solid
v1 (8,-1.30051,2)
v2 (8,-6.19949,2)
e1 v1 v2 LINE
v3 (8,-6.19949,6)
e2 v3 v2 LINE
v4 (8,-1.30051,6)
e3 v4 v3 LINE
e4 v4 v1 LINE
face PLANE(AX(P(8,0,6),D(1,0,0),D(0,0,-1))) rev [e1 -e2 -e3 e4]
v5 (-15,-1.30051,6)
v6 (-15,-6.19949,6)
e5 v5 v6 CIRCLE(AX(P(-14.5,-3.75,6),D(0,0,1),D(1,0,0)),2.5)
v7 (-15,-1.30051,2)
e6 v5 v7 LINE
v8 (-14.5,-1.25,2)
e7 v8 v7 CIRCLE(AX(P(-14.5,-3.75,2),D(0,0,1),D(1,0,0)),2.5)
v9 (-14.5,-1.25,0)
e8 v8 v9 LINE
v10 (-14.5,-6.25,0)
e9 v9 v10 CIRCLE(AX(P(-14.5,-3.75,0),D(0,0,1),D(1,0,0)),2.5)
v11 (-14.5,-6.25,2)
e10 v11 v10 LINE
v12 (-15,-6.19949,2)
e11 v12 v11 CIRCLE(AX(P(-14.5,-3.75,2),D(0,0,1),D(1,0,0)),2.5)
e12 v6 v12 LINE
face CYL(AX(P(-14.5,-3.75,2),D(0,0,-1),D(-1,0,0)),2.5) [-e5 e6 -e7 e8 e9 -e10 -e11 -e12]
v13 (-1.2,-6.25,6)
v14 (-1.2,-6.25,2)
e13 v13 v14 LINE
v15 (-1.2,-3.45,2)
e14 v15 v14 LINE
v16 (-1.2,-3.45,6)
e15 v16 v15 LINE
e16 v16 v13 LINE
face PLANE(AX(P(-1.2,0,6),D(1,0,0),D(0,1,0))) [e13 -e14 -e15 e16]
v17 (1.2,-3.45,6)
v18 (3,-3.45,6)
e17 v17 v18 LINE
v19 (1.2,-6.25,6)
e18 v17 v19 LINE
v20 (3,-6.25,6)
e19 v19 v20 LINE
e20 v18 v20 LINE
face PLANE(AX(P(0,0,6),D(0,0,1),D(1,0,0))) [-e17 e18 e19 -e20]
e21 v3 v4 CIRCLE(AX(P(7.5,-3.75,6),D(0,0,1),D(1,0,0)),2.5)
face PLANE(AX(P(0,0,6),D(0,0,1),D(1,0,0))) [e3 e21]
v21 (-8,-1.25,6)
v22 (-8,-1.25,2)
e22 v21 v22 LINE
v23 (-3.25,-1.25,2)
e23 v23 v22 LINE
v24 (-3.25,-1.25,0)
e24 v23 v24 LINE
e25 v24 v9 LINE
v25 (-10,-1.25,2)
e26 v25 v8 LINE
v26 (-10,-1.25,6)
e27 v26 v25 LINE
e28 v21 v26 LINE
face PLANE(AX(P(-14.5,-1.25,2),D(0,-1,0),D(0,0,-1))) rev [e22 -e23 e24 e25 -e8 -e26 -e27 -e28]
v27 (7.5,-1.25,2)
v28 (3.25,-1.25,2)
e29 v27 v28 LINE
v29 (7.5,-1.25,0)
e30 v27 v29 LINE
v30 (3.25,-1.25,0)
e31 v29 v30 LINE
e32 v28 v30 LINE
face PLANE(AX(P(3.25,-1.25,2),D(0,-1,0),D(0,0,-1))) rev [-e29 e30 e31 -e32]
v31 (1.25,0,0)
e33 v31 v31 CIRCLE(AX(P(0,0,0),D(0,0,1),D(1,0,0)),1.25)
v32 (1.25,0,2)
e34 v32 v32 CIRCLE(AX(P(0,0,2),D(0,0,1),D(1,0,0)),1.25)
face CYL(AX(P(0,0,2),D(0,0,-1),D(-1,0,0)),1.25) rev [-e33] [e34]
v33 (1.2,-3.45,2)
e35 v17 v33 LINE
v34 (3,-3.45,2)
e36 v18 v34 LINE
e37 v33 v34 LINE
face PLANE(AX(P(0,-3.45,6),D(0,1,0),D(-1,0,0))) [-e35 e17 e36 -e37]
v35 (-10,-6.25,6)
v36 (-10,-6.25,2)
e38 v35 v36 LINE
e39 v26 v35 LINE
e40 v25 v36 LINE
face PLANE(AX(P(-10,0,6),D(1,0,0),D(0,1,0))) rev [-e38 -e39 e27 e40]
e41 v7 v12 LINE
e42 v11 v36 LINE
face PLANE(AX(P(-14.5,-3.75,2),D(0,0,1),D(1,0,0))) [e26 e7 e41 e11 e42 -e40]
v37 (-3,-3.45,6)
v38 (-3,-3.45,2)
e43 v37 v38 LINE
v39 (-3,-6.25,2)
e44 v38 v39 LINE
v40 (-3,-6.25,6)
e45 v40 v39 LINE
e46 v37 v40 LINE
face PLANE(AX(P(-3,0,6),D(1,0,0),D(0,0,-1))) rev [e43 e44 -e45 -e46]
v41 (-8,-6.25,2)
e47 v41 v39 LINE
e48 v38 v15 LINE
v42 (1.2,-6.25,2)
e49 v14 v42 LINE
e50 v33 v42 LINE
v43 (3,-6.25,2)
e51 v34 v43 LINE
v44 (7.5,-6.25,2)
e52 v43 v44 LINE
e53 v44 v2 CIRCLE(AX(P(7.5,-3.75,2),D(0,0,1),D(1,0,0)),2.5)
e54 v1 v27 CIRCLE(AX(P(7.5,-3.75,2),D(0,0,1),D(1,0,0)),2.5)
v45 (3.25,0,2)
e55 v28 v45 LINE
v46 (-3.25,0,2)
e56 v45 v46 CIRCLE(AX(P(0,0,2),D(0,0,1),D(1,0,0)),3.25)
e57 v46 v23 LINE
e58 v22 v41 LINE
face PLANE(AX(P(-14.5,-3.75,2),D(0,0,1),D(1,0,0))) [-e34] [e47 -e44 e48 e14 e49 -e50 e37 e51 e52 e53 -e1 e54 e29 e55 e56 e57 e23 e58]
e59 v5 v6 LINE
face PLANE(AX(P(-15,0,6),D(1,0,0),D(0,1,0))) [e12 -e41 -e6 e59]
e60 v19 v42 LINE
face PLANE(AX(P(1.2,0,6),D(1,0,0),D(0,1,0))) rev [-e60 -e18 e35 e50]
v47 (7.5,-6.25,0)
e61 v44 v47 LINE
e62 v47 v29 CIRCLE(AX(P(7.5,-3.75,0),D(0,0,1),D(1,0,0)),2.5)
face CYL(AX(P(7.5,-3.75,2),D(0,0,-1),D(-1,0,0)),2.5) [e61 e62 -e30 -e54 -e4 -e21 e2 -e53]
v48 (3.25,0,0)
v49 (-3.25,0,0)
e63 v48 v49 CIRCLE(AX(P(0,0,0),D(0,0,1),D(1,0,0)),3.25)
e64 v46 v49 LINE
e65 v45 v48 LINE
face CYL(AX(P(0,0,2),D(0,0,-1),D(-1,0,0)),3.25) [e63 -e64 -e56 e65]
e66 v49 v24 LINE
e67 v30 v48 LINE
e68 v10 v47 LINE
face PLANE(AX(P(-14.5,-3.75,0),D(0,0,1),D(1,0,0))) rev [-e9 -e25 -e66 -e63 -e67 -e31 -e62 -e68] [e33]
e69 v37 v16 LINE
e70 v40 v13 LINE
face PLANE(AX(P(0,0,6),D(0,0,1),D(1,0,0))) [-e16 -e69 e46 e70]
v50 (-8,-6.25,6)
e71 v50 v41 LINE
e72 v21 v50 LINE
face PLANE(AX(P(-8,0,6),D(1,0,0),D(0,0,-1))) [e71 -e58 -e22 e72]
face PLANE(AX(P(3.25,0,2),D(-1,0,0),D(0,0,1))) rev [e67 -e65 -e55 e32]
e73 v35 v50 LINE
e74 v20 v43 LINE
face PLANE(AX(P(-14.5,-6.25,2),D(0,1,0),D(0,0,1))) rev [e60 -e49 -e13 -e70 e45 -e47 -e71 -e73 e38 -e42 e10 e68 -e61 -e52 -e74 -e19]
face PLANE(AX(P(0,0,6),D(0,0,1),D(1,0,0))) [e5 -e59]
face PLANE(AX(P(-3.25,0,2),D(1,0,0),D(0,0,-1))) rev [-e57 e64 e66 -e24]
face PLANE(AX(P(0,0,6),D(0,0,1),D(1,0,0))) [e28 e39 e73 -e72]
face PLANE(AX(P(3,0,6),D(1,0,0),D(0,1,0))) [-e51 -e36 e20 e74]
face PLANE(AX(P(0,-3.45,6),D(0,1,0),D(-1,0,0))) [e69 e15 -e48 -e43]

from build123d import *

# Parameters (mm, degrees)
SKETCH1_R           = 1.25
BOSS_EXTRUDE1_DEPTH = 2
SKETCH2_W           = 1.8
SKETCH2_H           = 2.8
SKETCH2_W_2         = 2
SKETCH2_H_2         = 5
BOSS_EXTRUDE2_DEPTH = 4


with BuildPart() as part:
    # Sketch1 → Boss-Extrude1 (new body)
    with BuildSketch(Plane.XY):
        with BuildLine():
            Line((-14.5, -1.25), (-3.25, -1.25))
            Line((-3.25, -1.25), (-3.25, 0))
            ThreePointArc((-3.25, 0), (0, 3.25), (3.25, 0))
            Line((3.25, 0), (3.25, -1.25))
            Line((3.25, -1.25), (7.5, -1.25))
            ThreePointArc((7.5, -1.25), (10, -3.75), (7.5, -6.25))
            Line((7.5, -6.25), (-14.5, -6.25))
            ThreePointArc((-14.5, -6.25), (-17, -3.75), (-14.5, -1.25))
        make_face()
        Circle(SKETCH1_R, mode=Mode.SUBTRACT)
    extrude(amount=BOSS_EXTRUDE1_DEPTH)

    # Sketch2 → Boss-Extrude2 (add)
    with BuildSketch(Plane.XY.offset(2)):
        with Locations((-2.1, -4.85)):
            Rectangle(SKETCH2_W, SKETCH2_H)
        with Locations((2.1, -4.85)):
            Rectangle(SKETCH2_W, SKETCH2_H)
        with Locations((-9, -3.75)):
            Rectangle(SKETCH2_W_2, SKETCH2_H_2)
        with BuildLine():
            ThreePointArc((8, -6.199489743), (10, -3.75), (8, -1.300510257))
            Line((8, -1.300510257), (8, -6.199489743))
        make_face()
        with BuildLine():
            Line((-15, -6.199489743), (-15, -1.300510257))
            ThreePointArc((-15, -1.300510257), (-17, -3.75), (-15, -6.199489743))
        make_face()
    extrude(amount=BOSS_EXTRUDE2_DEPTH)


solid = part.part
